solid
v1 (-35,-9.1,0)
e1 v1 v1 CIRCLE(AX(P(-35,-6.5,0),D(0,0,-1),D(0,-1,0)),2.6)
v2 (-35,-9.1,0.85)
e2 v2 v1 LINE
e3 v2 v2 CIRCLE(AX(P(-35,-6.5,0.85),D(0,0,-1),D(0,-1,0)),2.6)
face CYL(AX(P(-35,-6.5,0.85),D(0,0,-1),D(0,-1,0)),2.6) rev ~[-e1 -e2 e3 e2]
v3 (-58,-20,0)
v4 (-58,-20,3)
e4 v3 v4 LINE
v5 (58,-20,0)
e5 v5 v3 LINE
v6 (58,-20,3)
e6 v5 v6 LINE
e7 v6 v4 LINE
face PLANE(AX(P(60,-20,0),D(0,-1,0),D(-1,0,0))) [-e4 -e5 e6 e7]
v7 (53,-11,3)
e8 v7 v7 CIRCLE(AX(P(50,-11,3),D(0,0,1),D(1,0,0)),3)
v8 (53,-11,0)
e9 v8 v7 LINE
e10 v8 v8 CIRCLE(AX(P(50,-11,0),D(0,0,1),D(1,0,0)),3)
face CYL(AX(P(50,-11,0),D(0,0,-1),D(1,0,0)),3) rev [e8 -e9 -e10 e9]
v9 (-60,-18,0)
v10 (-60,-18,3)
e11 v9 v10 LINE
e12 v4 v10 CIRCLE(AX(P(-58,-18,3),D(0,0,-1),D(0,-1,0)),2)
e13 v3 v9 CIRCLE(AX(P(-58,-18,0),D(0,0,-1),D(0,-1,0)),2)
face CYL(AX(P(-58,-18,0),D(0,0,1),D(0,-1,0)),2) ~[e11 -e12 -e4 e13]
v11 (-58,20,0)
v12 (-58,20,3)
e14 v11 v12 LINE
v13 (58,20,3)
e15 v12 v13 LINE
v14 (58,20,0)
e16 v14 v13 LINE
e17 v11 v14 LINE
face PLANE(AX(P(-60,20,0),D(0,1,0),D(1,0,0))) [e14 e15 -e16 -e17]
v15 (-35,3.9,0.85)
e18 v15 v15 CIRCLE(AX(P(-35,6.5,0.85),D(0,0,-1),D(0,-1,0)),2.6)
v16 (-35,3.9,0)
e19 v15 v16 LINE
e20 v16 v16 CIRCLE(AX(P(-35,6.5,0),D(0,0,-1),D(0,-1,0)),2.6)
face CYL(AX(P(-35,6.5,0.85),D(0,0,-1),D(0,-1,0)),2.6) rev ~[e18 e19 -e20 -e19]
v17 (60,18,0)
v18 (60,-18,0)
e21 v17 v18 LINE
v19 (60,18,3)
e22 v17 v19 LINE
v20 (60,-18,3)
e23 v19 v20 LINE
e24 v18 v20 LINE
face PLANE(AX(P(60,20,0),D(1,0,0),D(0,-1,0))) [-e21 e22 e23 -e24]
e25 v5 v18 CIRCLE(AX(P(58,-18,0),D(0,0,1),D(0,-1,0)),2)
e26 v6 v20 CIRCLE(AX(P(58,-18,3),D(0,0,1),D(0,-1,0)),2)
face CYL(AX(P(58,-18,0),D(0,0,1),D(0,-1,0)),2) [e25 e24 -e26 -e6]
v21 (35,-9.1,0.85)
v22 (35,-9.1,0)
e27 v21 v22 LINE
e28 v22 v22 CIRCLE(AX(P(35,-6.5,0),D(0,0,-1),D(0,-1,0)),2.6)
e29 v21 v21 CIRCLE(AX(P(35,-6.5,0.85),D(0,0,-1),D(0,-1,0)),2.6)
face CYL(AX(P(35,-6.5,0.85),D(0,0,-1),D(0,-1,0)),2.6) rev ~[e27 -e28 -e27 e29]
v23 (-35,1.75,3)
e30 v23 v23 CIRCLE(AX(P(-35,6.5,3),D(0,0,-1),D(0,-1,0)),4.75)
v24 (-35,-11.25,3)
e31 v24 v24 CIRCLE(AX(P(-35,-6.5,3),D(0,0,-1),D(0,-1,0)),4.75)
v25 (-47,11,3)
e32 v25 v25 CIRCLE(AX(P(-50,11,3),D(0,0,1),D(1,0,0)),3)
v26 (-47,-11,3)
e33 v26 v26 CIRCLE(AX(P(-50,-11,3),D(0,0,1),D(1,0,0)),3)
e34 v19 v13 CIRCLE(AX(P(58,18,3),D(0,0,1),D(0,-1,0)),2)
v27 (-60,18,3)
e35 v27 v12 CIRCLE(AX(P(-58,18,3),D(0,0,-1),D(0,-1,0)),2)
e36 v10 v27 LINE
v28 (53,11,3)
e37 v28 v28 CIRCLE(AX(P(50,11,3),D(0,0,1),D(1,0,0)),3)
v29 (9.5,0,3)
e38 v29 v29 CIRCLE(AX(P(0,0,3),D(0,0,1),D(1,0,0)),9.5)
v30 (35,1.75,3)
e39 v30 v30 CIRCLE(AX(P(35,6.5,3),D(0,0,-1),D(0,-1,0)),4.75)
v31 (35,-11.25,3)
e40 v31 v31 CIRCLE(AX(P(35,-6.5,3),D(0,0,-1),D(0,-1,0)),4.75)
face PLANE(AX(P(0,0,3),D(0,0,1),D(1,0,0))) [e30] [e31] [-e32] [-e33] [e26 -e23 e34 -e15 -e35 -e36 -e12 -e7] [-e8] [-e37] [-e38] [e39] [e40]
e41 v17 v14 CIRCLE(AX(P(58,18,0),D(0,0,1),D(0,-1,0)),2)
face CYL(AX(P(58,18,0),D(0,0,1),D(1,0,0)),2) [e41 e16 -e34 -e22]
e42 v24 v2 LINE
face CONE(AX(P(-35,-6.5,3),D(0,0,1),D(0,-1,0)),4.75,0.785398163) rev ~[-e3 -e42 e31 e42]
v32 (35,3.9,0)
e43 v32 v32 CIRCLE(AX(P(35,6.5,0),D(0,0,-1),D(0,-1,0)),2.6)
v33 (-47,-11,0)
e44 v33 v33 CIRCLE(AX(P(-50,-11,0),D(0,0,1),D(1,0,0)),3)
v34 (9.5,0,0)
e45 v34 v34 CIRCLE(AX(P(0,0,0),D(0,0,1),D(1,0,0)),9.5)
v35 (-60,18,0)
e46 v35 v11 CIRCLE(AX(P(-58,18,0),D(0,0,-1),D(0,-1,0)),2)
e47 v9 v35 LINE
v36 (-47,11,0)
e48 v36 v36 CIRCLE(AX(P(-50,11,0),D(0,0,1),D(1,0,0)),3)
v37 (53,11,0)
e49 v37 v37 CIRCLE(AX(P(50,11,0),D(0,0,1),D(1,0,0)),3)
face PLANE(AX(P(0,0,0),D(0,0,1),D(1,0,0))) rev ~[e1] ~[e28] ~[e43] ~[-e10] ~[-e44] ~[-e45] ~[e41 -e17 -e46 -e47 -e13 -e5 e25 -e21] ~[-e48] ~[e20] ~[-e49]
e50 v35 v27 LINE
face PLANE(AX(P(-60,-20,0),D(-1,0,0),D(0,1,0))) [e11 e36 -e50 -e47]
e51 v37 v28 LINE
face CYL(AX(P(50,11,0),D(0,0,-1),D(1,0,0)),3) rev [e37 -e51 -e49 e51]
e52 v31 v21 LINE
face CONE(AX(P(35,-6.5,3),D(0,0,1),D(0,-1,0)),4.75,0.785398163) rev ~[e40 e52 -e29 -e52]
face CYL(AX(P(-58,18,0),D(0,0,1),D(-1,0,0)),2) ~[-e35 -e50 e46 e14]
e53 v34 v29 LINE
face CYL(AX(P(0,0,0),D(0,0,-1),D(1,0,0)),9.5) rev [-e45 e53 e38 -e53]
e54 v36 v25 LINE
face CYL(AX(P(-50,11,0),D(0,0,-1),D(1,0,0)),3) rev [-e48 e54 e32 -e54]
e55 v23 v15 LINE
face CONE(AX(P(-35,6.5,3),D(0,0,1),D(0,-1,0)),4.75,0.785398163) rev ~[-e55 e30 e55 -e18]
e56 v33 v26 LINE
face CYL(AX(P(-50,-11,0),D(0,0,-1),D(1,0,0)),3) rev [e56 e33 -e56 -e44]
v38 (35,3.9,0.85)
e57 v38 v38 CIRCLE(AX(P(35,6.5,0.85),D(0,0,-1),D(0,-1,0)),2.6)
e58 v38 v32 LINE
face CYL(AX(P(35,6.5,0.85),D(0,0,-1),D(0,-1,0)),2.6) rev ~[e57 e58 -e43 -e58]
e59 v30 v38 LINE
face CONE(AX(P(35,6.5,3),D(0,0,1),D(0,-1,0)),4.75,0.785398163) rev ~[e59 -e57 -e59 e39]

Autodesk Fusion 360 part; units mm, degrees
sketch "Boceto1" plane through (0, 0, 0) normal (0, 0, 1) x (1, 0, 0)
  line L0 (60, -20) -> (-60, -20)
  line L1 (-60, -20) -> (-60, 20)
  line L2 (-60, 20) -> (60, 20)
  line L3 (60, 20) -> (60, -20)
  line L4 (60, -20) -> (-60, 20) construction
  line L5 (-60, -20) -> (60, 20) construction
  circle A0 centre (0, 0) radius 9.5
  circle A1 centre (-50, 11) radius 3
  circle A2 centre (50, 11) radius 3
  circle A3 centre (-50, -11) radius 3
  circle A4 centre (50, -11) radius 3
  dimension "d1" = 120
  dimension "d2" = 40
  dimension "d3" = 19
  dimension "d4" = 6
  dimension "d5" = 10
  dimension "d6" = 11
  dimension "d9" = 100
  dimension "d10" = -22
extrude "Extruir1" add sketch "Boceto1" along normal blind 3
sketch "Boceto2" plane through (0, 0, 3) normal (0, 0, 1) x (-1, 0, 0)
  circle A0 centre (0, 0) radius 9.5
  circle A1 centre (-50, -11) radius 3
  circle A2 centre (-50, 11) radius 3
  circle A3 centre (50, -11) radius 3
  circle A4 centre (50, 11) radius 3
  line L0 (-60, -20) -> (60, -20)
  line L1 (60, -20) -> (60, 20)
  line L2 (60, 20) -> (-60, 20)
  line L3 (-60, 20) -> (-60, -20)
  line L4 (35, -6.5) -> (-35, -6.5) construction
  line L5 (-35, -6.5) -> (-35, 6.5) construction
  line L6 (-35, 6.5) -> (35, 6.5) construction
  line L7 (35, 6.5) -> (35, -6.5) construction
  line L8 (35, -6.5) -> (-35, 6.5) construction
  line L9 (-35, -6.5) -> (35, 6.5) construction
  point P0 (35, -6.5)
  point P1 (35, 6.5)
  point P2 (-35, 6.5)
  point P3 (-35, -6.5)
  dimension "d18" = 13
  dimension "d19" = 25
hole "Agujero2" at (35, 6.5, 3) at (-35, 6.5, 3) at (-35, -6.5, 3) at (35, -6.5, 3) direction (0, 0, -1) diameter 5.2 depth 15 tip angle 180 countersink diameter 9.5 countersink angle 90
fillet "Empalme1" radius 2 4 edges at (-60, -20, 1.5) (-60, 20, 1.5) (60, -20, 1.5) (60, 20, 1.5)
